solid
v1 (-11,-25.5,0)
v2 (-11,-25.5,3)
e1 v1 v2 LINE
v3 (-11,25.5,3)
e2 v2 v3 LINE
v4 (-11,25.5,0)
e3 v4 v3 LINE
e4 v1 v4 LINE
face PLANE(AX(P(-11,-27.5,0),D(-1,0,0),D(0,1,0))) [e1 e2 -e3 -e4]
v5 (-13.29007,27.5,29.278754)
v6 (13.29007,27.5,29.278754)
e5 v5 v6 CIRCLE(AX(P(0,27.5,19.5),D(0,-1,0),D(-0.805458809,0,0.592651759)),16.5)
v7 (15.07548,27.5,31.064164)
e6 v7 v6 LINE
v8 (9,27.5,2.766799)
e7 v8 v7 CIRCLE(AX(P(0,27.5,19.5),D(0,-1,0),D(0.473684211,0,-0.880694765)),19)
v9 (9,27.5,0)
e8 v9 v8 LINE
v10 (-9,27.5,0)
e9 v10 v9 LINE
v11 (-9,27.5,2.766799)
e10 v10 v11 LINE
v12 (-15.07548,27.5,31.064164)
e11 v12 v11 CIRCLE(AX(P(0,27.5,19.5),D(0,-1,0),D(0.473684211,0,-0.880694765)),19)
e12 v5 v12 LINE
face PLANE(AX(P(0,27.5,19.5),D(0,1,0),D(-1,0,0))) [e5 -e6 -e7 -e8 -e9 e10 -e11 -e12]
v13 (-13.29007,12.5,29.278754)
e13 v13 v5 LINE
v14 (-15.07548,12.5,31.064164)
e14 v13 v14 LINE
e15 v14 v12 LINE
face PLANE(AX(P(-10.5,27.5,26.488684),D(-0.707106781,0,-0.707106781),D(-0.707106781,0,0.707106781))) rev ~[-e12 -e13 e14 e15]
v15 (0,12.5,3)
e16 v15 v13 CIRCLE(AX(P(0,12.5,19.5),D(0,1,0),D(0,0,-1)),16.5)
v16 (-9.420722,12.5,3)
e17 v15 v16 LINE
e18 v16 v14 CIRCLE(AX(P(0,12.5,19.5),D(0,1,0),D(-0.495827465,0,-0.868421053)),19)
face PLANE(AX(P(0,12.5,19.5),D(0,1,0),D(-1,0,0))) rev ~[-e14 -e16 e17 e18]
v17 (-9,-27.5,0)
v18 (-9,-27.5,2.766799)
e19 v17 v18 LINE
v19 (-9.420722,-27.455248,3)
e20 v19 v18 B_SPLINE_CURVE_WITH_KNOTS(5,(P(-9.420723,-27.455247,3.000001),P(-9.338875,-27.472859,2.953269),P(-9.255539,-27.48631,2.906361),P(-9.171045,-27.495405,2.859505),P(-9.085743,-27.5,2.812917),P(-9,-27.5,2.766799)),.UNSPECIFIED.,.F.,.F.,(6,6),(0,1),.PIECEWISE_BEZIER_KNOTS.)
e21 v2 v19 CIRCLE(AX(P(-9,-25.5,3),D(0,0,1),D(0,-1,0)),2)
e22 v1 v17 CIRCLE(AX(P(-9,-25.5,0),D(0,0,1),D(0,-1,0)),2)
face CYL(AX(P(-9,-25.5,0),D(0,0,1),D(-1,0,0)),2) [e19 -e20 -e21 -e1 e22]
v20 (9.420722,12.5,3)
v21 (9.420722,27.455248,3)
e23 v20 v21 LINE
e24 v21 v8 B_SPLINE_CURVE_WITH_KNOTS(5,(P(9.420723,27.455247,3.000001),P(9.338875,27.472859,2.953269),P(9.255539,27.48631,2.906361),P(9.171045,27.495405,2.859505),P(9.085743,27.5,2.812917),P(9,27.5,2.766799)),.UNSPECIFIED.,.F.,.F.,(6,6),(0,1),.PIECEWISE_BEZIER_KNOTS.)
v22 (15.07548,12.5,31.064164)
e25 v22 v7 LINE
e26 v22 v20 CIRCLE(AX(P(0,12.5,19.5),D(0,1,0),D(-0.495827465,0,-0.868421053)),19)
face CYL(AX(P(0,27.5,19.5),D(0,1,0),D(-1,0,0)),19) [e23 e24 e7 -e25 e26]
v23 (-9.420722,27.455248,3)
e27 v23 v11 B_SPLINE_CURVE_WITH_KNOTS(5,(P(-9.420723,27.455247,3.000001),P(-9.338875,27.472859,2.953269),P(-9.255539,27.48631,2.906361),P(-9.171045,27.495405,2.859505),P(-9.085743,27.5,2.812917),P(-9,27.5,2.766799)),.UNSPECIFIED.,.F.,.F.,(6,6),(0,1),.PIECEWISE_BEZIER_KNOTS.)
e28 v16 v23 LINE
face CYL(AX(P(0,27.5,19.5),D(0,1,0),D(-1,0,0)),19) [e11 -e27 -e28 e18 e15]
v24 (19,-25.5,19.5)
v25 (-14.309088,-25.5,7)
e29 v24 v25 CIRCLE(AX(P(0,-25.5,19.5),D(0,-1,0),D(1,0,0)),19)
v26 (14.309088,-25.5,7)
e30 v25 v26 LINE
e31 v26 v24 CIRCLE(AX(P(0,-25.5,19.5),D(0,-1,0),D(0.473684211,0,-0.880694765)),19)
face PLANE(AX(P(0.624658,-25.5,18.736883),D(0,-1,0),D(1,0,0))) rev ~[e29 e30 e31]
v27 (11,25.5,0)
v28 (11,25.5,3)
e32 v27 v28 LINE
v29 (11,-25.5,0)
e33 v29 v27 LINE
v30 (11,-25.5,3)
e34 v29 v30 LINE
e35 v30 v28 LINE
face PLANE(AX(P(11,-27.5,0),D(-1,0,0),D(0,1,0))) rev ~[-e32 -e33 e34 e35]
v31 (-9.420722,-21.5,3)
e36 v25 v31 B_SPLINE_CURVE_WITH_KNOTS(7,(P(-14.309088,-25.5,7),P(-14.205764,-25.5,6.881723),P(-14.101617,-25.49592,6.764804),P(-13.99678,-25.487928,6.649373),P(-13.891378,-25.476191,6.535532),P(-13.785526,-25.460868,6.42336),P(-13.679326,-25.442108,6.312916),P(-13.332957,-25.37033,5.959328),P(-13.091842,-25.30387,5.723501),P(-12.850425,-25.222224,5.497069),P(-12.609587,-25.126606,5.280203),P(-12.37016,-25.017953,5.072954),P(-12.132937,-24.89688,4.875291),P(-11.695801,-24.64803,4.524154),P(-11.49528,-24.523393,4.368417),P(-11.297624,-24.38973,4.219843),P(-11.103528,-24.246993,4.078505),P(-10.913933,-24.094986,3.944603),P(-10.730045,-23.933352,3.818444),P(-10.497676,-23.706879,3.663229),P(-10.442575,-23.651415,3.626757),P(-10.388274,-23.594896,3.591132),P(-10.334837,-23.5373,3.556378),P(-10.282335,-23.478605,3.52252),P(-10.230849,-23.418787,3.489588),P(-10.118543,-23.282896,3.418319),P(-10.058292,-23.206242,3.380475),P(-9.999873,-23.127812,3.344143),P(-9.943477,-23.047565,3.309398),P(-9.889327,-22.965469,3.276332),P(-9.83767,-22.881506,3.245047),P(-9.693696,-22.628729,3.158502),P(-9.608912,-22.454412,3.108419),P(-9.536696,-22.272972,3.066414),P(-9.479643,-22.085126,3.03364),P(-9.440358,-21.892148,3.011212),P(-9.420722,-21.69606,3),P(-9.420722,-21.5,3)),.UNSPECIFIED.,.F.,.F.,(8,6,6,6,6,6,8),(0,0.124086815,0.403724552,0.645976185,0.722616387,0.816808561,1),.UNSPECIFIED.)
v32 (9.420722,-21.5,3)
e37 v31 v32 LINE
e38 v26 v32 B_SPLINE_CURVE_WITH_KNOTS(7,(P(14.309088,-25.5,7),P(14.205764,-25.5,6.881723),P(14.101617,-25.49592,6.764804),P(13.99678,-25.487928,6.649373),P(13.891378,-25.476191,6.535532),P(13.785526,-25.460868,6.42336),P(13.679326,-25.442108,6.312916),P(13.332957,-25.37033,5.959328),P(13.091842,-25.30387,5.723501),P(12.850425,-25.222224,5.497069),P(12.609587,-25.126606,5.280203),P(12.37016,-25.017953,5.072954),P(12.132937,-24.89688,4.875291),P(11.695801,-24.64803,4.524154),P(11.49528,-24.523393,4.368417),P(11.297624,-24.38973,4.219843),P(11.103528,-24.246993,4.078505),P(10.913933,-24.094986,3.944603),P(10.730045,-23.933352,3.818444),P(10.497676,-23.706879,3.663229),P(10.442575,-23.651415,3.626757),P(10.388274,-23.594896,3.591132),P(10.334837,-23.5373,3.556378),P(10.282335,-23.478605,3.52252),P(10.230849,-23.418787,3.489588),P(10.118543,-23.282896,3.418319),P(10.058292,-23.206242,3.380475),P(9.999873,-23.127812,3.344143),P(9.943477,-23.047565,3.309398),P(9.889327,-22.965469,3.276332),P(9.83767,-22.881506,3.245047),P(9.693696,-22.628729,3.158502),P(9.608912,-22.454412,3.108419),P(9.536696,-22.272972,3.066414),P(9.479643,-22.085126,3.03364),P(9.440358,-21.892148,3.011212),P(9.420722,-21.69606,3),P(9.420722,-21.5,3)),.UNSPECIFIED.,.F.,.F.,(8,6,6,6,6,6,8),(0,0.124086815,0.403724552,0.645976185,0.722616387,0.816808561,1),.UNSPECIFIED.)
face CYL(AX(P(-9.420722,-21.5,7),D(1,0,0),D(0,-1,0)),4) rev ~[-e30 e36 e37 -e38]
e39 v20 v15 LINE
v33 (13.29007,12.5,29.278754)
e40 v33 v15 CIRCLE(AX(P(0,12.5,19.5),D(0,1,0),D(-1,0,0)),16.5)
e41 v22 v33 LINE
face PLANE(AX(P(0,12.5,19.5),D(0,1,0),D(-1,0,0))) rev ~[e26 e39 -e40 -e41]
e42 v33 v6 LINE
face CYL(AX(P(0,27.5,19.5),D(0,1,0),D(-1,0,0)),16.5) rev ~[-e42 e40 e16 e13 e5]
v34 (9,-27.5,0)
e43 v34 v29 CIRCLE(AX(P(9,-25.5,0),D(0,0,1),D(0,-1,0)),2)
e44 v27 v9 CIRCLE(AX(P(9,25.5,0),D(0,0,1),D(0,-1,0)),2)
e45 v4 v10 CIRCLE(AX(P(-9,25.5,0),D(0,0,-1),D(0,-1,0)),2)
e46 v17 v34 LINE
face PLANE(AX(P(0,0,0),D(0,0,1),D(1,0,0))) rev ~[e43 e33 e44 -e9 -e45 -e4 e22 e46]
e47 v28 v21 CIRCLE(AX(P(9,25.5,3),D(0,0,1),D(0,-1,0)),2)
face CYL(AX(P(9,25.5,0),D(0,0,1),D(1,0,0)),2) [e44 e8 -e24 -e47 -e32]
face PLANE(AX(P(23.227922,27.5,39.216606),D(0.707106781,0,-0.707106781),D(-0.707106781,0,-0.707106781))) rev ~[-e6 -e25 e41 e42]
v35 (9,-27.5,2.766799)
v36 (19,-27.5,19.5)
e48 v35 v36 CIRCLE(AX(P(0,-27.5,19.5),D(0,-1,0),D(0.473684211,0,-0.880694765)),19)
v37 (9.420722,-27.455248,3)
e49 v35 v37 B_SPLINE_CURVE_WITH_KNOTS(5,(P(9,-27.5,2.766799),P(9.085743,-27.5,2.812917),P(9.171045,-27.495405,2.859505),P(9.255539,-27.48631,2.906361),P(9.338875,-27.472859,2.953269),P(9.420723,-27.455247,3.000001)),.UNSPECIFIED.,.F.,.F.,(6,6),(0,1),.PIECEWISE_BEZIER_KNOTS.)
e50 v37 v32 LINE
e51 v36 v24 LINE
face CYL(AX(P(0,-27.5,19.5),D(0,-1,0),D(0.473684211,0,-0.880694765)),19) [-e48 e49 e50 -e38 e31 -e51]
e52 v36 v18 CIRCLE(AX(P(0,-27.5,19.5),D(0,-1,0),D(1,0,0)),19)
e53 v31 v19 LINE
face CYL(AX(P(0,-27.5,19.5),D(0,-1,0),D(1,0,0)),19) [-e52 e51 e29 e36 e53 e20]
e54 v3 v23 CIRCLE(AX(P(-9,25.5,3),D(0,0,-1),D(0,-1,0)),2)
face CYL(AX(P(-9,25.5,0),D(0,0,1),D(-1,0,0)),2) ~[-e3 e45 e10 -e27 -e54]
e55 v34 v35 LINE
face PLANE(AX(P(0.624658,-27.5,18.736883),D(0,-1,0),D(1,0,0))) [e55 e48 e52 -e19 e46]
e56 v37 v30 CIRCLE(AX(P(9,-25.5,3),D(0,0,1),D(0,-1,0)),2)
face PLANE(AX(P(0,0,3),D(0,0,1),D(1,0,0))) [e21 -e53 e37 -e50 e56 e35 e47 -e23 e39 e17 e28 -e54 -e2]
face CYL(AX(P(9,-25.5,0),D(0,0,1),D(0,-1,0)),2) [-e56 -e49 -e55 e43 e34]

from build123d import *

# Parameters (mm, degrees)
F0_W     = 22
F0_H     = 55
F1_DEPTH = 3
F2_R     = 2
F4_DEPTH = 2
F5_R     = 4
F6_R     = 19
F6_R_2   = 16.5
F7_DEPTH = 15
F9_DEPTH = 25


with BuildPart() as f1:
    # F0 (on Top) → F1 (new body)
    with BuildSketch(Plane.XY):
        Rectangle(F0_W, F0_H)
    extrude(amount=F1_DEPTH)

    # F2
    f2_edges = [f1.edges().sort_by_distance(p)[0] for p in [
        (-11, 27.5, 1.5),
        (11, 27.5, 1.5),
        (11, -27.5, 1.5),
        (-11, -27.5, 1.5),
    ]]
    fillet(f2_edges, radius=F2_R)

    # F3 (on face) → F4 (join)
    with BuildSketch(Plane.XZ.offset(27.5)):
        with BuildLine():
            Line((-9, 3), (-4.24e-08, 3))
            Line((-4.24e-08, 3), (9, 3))
            Line((9, 3), (9, 2.7667994693))
            ThreePointArc((9, 2.7667994693), (16.3095064303, 9.7532056552), (19, 19.5))
            ThreePointArc((19, 19.5), (-9.7467943448, 35.8095064303), (-9, 2.7667994693))
            Line((-9, 2.7667994693), (-9, 3))
        make_face()
        with BuildLine():
            ThreePointArc((-4.24e-08, 3), (-11.6672618746, 31.1672619046), (16.5, 19.5))
            ThreePointArc((16.5, 19.5), (11.6672618746, 7.8327380954), (-4.24e-08, 3))
        make_face(mode=Mode.SUBTRACT)
        with BuildLine():
            ThreePointArc((-4.24e-08, 3), (11.6672618746, 7.8327380954), (16.5, 19.5))
            ThreePointArc((16.5, 19.5), (-11.6672618746, 31.1672619046), (-4.24e-08, 3))
        make_face()
    extrude(amount=-F4_DEPTH)

    # F5
    f5_edges = [f1.edges().sort_by_distance(p)[0] for p in [
        (0, -25.5, 3),
    ]]
    fillet(f5_edges, radius=F5_R)

    # F6 (on face) → F7 (join)
    with BuildSketch(Plane(origin=(0, 27.5, 0), x_dir=(-1, 0, 0), z_dir=(0, 1, 0))):
        with Locations((0, 19.5)):
            Circle(F6_R)
        with Locations((0, 19.5)):
            Circle(F6_R_2, mode=Mode.SUBTRACT)
    extrude(amount=-F7_DEPTH)

    # F8 (on face) → F9 (cut)
    with BuildSketch(Plane(origin=(0, 27.5, 0), x_dir=(-1, 0, 0), z_dir=(0, 1, 0))):
        Polygon((-10.5, 26.4886836855), (0, 26.4886836855), (10.5, 26.4886836855), (23.2279220614, 39.2166057468), (-23.2279220614, 39.2166057468), align=None)
    extrude(amount=-F9_DEPTH, mode=Mode.SUBTRACT)


solid = f1.part
